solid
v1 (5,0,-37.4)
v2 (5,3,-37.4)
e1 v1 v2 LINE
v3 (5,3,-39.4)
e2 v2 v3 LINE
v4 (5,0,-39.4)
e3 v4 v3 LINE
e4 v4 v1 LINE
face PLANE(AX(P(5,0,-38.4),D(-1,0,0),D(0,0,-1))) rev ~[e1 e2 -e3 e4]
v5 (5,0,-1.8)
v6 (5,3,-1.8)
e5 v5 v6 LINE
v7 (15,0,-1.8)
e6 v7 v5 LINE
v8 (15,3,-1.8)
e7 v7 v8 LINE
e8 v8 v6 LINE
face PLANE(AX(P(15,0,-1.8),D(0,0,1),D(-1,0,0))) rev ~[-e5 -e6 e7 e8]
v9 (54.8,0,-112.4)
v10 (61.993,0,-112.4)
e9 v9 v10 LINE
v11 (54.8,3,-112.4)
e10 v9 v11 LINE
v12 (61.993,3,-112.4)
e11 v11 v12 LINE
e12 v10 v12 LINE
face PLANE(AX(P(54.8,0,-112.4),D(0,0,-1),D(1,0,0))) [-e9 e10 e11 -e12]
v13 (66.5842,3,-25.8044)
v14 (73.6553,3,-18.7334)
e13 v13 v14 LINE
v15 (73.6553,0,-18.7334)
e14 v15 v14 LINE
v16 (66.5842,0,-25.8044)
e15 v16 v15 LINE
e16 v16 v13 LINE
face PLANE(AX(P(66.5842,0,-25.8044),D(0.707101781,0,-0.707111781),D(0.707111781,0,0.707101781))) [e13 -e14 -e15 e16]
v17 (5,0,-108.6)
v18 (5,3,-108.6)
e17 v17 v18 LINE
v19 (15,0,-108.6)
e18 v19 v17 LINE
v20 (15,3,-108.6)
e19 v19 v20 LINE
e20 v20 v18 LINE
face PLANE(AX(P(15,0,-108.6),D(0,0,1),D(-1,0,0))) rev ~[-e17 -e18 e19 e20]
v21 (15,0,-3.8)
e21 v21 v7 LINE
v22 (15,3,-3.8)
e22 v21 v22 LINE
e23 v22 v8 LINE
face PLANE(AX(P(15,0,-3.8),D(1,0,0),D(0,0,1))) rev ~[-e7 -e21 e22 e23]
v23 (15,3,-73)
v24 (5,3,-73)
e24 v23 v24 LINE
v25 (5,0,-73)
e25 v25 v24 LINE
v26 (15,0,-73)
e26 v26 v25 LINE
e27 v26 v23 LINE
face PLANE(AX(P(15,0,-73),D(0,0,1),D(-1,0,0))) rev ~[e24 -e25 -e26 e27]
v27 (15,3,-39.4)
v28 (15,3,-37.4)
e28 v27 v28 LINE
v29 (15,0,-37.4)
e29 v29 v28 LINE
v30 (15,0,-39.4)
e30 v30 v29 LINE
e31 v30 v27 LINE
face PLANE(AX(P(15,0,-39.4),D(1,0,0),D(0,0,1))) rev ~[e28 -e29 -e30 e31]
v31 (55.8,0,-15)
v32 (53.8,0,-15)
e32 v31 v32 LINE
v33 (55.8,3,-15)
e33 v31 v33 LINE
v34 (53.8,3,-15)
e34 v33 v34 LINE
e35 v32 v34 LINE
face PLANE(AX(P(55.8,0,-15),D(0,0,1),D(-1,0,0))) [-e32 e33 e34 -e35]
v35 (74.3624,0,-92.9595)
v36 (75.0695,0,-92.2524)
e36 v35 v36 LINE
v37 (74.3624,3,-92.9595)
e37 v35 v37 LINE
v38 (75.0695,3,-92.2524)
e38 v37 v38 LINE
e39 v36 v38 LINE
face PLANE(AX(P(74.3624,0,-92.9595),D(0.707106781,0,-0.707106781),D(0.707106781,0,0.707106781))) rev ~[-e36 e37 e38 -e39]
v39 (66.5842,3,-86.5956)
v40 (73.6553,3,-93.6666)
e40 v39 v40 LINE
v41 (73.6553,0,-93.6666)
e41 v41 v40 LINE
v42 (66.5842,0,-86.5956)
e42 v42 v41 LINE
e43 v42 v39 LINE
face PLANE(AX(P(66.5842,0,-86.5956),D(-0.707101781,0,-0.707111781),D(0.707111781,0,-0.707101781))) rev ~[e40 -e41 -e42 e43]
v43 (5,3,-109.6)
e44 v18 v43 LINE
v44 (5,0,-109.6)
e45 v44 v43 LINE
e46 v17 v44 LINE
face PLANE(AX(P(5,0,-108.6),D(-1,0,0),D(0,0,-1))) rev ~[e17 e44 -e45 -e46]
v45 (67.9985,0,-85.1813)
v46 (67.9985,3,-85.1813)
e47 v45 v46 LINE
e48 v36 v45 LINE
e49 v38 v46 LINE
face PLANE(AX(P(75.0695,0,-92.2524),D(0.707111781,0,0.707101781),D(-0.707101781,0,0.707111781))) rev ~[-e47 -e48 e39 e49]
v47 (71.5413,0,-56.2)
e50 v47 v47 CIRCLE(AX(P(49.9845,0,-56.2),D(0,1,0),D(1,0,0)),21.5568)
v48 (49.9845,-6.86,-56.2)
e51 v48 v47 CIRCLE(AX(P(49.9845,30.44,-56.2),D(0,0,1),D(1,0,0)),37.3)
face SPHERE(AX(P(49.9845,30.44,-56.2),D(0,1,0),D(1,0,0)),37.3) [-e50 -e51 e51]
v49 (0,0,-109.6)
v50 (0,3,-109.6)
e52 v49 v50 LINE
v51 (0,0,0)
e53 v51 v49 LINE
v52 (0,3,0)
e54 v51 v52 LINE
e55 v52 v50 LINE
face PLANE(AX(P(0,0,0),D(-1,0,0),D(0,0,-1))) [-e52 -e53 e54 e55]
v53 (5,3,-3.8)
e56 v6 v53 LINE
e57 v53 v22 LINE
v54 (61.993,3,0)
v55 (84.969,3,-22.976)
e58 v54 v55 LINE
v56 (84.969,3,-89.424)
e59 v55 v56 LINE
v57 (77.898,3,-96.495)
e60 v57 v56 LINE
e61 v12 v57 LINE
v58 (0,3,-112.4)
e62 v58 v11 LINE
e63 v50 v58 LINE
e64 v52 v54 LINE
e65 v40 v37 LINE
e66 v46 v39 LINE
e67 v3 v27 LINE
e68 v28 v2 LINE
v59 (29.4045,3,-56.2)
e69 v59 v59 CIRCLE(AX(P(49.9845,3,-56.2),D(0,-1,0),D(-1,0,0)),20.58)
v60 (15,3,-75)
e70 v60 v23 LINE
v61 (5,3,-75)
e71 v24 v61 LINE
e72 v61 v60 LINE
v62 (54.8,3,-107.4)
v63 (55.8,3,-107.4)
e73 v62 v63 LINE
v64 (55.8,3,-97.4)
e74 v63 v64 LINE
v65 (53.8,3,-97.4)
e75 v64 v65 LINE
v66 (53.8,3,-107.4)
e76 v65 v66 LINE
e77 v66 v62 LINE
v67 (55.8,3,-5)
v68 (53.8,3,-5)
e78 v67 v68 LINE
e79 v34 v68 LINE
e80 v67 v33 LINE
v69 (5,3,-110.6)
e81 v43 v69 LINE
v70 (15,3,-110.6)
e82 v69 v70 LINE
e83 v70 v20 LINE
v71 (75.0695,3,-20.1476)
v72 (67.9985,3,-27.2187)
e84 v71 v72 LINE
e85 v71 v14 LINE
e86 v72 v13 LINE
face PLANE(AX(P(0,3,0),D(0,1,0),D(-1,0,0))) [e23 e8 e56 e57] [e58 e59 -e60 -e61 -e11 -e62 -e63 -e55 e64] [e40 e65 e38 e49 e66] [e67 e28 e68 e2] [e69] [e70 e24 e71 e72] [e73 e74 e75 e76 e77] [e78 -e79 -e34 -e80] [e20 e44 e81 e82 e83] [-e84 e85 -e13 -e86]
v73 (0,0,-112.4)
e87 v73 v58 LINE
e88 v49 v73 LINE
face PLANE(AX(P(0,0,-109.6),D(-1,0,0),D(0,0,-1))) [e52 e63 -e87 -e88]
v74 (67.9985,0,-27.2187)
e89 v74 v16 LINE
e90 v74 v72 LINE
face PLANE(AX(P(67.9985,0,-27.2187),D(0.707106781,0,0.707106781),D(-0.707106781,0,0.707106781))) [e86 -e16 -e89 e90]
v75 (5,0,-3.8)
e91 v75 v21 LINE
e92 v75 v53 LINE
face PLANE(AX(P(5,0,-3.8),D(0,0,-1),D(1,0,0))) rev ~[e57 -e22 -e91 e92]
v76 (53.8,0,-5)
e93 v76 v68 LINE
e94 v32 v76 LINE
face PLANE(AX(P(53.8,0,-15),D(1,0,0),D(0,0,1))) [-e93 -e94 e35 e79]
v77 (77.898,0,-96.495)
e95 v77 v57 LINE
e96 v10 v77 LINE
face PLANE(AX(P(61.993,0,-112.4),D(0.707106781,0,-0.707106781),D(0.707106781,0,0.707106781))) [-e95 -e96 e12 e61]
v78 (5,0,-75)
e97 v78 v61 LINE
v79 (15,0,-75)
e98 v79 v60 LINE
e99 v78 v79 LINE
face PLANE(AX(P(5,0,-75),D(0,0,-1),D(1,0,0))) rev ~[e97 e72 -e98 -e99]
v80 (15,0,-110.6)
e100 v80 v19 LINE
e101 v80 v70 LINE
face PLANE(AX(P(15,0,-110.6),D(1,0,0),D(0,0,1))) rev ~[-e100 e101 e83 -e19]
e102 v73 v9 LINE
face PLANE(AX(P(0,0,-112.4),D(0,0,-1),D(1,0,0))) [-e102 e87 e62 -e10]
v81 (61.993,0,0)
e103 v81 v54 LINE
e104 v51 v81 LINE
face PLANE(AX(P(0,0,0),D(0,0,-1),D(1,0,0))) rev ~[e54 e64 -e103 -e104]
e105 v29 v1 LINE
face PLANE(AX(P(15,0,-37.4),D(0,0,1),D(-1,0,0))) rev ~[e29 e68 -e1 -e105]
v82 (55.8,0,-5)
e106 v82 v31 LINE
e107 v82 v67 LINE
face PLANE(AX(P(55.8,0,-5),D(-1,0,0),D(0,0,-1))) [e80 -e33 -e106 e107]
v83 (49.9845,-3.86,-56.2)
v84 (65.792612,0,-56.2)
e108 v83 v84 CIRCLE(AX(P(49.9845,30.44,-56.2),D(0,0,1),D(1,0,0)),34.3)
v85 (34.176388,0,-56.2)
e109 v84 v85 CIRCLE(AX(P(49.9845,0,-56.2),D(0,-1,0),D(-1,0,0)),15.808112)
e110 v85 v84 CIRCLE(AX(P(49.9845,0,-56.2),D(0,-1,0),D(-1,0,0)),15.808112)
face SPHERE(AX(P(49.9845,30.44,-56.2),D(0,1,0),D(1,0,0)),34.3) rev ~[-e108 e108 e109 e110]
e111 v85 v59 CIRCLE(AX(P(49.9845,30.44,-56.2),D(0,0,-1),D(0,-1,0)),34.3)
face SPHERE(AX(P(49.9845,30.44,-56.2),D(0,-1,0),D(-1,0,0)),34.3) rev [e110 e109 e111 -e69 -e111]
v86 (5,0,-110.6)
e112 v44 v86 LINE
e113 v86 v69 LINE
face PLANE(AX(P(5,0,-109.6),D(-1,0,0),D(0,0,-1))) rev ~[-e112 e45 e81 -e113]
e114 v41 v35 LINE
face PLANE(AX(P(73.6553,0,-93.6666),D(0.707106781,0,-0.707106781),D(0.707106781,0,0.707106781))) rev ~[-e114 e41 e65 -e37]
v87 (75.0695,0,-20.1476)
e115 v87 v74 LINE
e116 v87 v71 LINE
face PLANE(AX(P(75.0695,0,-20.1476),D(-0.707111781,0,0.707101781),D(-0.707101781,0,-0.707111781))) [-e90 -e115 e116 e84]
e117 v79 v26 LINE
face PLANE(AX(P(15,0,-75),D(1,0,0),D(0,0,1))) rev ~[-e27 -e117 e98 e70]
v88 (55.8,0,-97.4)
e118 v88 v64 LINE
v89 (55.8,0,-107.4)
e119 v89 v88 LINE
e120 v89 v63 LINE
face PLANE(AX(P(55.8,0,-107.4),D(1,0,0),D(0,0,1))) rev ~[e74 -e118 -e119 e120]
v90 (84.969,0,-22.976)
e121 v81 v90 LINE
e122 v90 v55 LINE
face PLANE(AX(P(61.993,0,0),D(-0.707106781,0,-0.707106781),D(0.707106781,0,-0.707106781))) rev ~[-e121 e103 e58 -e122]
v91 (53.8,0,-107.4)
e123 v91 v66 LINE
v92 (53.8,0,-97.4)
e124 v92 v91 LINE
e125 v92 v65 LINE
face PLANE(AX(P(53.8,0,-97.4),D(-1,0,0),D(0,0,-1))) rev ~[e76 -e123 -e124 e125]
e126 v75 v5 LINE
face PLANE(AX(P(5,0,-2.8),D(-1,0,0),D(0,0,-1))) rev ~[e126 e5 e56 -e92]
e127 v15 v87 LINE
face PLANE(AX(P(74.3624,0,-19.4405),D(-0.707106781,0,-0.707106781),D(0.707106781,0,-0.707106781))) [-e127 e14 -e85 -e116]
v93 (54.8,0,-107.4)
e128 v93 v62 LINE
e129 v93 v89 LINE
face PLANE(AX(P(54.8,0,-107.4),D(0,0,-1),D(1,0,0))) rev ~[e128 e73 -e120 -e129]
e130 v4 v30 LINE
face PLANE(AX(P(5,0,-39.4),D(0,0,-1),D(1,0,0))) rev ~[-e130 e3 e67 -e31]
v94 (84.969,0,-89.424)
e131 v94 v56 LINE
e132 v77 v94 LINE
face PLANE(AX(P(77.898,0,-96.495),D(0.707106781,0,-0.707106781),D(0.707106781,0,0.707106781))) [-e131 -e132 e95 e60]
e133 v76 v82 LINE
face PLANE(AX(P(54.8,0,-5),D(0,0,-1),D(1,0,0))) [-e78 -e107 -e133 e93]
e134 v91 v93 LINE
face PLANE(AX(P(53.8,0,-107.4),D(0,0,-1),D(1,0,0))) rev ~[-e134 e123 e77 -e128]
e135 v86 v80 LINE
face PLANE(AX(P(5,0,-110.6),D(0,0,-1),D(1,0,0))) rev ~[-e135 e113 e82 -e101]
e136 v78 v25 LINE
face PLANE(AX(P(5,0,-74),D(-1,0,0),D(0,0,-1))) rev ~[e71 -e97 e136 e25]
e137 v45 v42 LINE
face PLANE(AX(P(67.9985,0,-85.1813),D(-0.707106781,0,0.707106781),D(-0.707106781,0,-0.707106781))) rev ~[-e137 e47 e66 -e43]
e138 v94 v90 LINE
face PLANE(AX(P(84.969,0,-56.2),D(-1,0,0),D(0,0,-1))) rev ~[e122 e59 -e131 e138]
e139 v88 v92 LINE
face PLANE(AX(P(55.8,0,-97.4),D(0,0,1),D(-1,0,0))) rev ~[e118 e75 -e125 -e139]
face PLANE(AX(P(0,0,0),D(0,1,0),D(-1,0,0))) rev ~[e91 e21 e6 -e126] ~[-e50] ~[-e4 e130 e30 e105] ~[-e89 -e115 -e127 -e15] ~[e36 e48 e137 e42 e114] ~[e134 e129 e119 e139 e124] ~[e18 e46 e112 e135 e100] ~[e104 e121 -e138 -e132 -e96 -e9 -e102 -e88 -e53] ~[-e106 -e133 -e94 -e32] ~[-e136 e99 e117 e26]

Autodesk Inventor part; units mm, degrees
ref_plane "YZ Plane" through (0, 0, 0) normal (1, 0, 0) x (0, 1, 0)
ref_plane "XZ Plane" through (0, 0, 0) normal (0, 1, 0) x (-1, 0, 0)
sketch "Sketch1" plane through (0, 0, 0) normal (0, 1, 0) x (-1, 0, 0)
  line L0 (0, 0) -> (0, -112.4)
  line L1 (0, 0) -> (112.4, 0) construction
  line L2 (0, -112.4) -> (-61.993, -112.4)
  line L3 (0, -112.4) -> (61.993, -112.4) construction
  line L4 (0, 0) -> (-61.993, 0)
  line L5 (0, 0) -> (61.993, 0) construction
  line L6 (-61.993, -112.4) -> (-84.969, -89.424)
  line L7 (-61.993, -112.4) -> (-29.5, -112.4) construction
  line L8 (-61.993, 0) -> (-84.969, -22.976)
  line L9 (-61.993, 0) -> (-29.5, 0) construction
  line L10 (-84.969, -22.976) -> (-84.969, -89.424)
  line L11 (-84.969, -56.2) -> (-89.969, -56.2)
  line L12 (-84.969, -89.424) -> (-89.969, -56.2)
  line L13 (-84.969, -22.976) -> (-89.969, -56.2)
  line L14 (0, -112.4) -> (0, -109.6)
  line L15 (0, -109.6) -> (-5, -109.6)
  line L16 (-5, -109.6) -> (-5, -110.6)
  line L17 (-5, -110.6) -> (-15, -110.6)
  line L18 (-15, -110.6) -> (-15, -108.6)
  line L19 (-15, -108.6) -> (-5, -108.6)
  line L20 (-5, -108.6) -> (-5, -109.6)
  line L21 (-15, -75) -> (-15, -73)
  line L22 (-15, -73) -> (-5, -73)
  line L23 (-5, -75) -> (-15, -75)
  line L24 (-5, -74) -> (-5, -75)
  line L25 (-5, -73) -> (-5, -74)
  line L26 (-15, -39.4) -> (-15, -37.4)
  line L27 (-15, -37.4) -> (-5, -37.4)
  line L28 (-5, -39.4) -> (-15, -39.4)
  line L29 (-5, -38.4) -> (-5, -39.4)
  line L30 (-5, -37.4) -> (-5, -38.4)
  line L31 (-15, -3.8) -> (-15, -1.8)
  line L32 (-15, -1.8) -> (-5, -1.8)
  line L33 (-5, -3.8) -> (-15, -3.8)
  line L34 (-5, -2.8) -> (-5, -3.8)
  line L35 (-5, -1.8) -> (-5, -2.8)
  line L36 (-84.969, -89.424) -> (-77.898, -96.495)
  line L37 (-77.898, -96.495) -> (-74.3624, -92.9595)
  line L38 (-74.3624, -92.9595) -> (-75.0695, -92.2524)
  line L39 (-75.0695, -92.2524) -> (-67.9985, -85.1813)
  line L40 (-67.9985, -85.1813) -> (-66.5842, -86.5956)
  line L41 (-66.5842, -86.5956) -> (-73.6553, -93.6666)
  line L42 (-73.6553, -93.6666) -> (-74.3624, -92.9595)
  line L43 (-74.3624, -19.4405) -> (-75.0695, -20.1476)
  line L44 (-75.0695, -20.1476) -> (-67.9985, -27.2187)
  line L45 (-67.9985, -27.2187) -> (-66.5842, -25.8044)
  line L46 (-66.5842, -25.8044) -> (-73.6553, -18.7334)
  line L47 (-73.6553, -18.7334) -> (-74.3624, -19.4405)
  line L48 (-61.993, -112.4) -> (-54.8, -112.4)
  line L49 (-54.8, -112.4) -> (-54.8, -107.4)
  line L50 (-54.8, -107.4) -> (-55.8, -107.4)
  line L51 (-55.8, -107.4) -> (-55.8, -97.4)
  line L52 (-55.8, -97.4) -> (-53.8, -97.4)
  line L53 (-53.8, -97.4) -> (-53.8, -107.4)
  line L54 (-53.8, -107.4) -> (-54.8, -107.4)
  line L55 (-54.8, -5) -> (-55.8, -5)
  line L56 (-55.8, -5) -> (-55.8, -15)
  line L57 (-55.8, -15) -> (-53.8, -15)
  line L58 (-53.8, -15) -> (-53.8, -5)
  line L59 (-53.8, -5) -> (-54.8, -5)
  dimension "d0" = 112.4
  dimension "d1" = 90
  dimension "d2" = 61.993
  dimension "d3" = 180
  dimension "d4" = 61.993
  dimension "d5" = 180
  dimension "d24" = 32.493
  dimension "d25" = 225
  dimension "d26" = 32.493
  dimension "d27" = 225
  dimension "d28" = 5
  dimension "d29" = 2.8
  dimension "d30" = 5
  dimension "d31" = 1
  dimension "d32" = 10
  dimension "d33" = 2
  dimension "d34" = 10
  dimension "d35" = 90
  dimension "d38" = 35.6
  dimension "d43" = 10
  dimension "d44" = 5
  dimension "d45" = 1
  dimension "d46" = 10
  dimension "d47" = 2
  dimension "d57" = 7.193
  dimension "d58" = 5
  dimension "d59" = 90
  dimension "d60" = 1
  dimension "d61" = 10
  dimension "d62" = 2
  dimension "d63" = 10
  dimension "d64" = 90
extrude "Extrusion1" add sketch "Sketch1" along normal blind 3 contours L0 L2 L6 L10 L8 L4
ref_plane "Work Plane1" through (0, 3, -56.2) normal (0, 0, 1) x (1, 0, 0)
sketch "Sketch4" plane through (0, 3, -56.2) normal (0, 0, 1) x (1, 0, 0)
  line L0 (15, 0) -> (84.969, 0)
  line L1 (84.969, 0) -> (61.993, 0) projected
  line L2 (84.969, 0) -> (49.9845, 0)
  line L3 (61.993, 0) -> (0, 0) projected
  line L4 (49.9845, 0) -> (49.9845, 27.44)
  circle A0 centre (49.9845, 27.44) radius 34.3
  line L5 (49.9845, -6.86) -> (49.9845, 61.74)
  point P0 (0, -3)
  dimension "d53" = 34.9845
  dimension "d54" = 27.44
  dimension "d55" = 68.6
revolve "Revolution2" cut sketch "Sketch4" angle 360 about axis through (49.9845, 3, -56.2) along (0, 1, 0) picked at (38.3687, -1.2506) picked at (43.1245, 9.1467) contours L5 A0 L0 | L0 A0 L5 L4
sketch "Sketch6" plane through (0, 3, -56.2) normal (0, 0, 1) x (1, 0, 0)
  line L0 (15, 0) -> (84.969, 0)
  line L1 (84.969, 0) -> (61.993, 0)
  line L2 (84.969, 0) -> (49.9845, 0)
  line L3 (61.993, 0) -> (0, 0)
  line L4 (49.9845, 0) -> (49.9845, 27.44)
  circle A0 centre (49.9845, 27.44) radius 34.3
  line L5 (49.9845, -6.86) -> (49.9845, 61.74)
  circle A1 centre (49.9845, 27.44) radius 37.3
  line L6 (49.9845, -9.86) -> (49.9845, -3)
  line L7 (84.969, -3) -> (61.993, -3) projected
  line L8 (71.5413, -3) -> (28.4277, -3)
  point P0 (0, -3)
  point P1 (0, -3)
  point P2 (65.7926, -3)
  dimension "d70" = 34.9845
  dimension "d71" = 27.44
  dimension "d72" = 68.6
  dimension "d73" = 3
revolve "Revolution4" add sketch "Sketch6" angle 360 about axis through (49.9845, -3.86, -56.2) along (0, 1, 0) contours A0 L7 A1 L6
properties part number "PalmInsert"
